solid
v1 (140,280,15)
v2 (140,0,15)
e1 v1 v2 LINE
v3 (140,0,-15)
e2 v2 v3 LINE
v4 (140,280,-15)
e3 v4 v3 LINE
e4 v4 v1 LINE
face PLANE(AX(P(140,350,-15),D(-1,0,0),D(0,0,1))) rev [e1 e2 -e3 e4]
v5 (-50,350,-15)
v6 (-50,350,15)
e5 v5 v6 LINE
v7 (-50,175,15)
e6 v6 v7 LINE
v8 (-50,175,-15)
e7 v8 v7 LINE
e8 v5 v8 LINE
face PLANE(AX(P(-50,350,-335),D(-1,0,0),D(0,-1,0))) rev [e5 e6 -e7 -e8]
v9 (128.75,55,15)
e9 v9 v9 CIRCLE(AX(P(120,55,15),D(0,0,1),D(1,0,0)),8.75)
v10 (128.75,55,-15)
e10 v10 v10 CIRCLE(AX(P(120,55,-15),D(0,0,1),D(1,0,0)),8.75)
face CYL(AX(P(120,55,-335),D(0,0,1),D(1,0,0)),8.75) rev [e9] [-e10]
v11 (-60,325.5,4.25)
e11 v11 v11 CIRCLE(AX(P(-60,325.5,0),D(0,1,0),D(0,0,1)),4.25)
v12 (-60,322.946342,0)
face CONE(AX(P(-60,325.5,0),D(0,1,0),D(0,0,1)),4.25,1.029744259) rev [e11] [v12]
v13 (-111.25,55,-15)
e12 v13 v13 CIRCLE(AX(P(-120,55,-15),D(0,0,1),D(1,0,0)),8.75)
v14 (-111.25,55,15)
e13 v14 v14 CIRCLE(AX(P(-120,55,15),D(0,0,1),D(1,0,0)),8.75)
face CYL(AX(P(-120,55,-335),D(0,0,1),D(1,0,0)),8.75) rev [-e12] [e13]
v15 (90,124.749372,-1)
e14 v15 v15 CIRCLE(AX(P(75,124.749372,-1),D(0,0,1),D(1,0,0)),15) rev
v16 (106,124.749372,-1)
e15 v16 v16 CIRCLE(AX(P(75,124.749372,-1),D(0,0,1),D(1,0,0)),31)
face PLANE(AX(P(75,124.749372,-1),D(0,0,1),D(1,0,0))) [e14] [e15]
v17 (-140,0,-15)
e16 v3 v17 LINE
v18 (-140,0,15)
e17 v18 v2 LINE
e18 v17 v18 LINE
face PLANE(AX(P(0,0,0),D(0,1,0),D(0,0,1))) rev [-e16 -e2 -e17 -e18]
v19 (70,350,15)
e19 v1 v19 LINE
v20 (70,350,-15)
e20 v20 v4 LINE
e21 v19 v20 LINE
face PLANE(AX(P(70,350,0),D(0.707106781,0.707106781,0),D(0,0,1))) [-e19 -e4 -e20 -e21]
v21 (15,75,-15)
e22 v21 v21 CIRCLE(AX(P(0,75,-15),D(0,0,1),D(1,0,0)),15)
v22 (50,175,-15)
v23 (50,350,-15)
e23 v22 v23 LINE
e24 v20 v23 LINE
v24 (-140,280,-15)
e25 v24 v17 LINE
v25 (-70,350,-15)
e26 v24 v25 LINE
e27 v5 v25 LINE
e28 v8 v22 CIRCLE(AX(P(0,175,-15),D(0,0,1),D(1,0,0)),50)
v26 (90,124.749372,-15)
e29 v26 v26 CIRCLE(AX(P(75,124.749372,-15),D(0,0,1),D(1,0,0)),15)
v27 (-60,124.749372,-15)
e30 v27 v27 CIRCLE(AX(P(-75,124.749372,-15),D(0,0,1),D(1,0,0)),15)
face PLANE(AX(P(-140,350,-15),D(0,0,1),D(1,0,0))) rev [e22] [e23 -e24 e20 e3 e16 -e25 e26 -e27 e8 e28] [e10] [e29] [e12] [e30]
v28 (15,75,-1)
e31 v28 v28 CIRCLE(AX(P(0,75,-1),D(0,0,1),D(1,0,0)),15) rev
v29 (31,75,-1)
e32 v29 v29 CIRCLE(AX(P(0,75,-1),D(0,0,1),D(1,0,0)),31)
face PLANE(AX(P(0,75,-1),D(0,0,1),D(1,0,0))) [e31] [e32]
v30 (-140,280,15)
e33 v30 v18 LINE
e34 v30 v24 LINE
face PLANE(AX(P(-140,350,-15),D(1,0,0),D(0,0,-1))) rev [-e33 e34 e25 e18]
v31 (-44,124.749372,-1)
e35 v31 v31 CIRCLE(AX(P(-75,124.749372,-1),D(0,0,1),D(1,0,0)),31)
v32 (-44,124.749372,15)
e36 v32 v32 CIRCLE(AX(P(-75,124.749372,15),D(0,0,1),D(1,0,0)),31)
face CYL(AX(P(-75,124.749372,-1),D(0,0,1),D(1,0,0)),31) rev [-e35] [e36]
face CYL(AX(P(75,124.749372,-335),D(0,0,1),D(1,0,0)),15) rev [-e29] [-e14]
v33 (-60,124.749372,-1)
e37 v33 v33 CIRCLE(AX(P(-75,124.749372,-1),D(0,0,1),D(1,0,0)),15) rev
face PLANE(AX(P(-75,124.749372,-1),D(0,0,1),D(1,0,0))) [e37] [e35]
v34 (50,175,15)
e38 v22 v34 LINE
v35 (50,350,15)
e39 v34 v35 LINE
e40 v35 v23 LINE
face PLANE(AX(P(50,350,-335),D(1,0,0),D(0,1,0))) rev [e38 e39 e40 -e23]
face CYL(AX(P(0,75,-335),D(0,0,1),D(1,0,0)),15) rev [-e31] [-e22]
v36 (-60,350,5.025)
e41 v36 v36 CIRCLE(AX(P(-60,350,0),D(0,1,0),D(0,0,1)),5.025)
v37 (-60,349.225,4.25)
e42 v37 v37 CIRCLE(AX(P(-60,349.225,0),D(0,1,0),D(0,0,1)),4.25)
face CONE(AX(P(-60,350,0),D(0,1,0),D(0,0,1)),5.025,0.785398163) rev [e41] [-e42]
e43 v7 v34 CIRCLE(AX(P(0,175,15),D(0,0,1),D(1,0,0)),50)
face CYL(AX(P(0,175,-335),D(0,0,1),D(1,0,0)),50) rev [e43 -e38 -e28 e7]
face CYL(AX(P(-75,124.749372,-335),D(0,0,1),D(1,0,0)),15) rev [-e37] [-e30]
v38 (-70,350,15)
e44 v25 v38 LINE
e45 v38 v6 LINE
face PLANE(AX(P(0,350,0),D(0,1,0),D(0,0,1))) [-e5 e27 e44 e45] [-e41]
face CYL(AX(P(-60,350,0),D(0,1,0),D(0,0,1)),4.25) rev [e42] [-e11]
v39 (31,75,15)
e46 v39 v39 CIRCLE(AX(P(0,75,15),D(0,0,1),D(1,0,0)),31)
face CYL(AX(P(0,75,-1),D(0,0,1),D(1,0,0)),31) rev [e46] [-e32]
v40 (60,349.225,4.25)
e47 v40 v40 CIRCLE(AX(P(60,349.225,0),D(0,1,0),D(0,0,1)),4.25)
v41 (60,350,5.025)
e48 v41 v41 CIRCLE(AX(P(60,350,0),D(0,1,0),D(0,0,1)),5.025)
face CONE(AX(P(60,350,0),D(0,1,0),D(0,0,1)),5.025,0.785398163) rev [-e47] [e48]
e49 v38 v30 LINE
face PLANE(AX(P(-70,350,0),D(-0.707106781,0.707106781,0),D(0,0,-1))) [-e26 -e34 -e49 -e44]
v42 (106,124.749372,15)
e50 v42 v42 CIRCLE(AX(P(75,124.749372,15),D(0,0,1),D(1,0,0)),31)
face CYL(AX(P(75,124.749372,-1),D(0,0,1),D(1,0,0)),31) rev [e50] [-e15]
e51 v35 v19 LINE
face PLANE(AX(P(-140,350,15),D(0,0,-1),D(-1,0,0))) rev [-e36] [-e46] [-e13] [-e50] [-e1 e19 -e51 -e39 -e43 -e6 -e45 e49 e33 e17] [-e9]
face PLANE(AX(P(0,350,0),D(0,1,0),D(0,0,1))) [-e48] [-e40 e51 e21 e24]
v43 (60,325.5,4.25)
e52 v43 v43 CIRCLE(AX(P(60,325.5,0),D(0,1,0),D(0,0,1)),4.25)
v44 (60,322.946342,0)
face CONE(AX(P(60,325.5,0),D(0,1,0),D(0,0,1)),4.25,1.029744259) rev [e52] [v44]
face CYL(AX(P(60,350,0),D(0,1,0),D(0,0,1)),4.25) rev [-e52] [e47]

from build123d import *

# Parameters (mm, degrees)
SKETCH1_W                    = 280
SKETCH1_H                    = 30
BOSS_EXTRUDE1_DEPTH          = 350
CUT_EXTRUDE1_DEPTH           = 350
CHAMFER1_SIZE                = 70
M10_TAPPED_HOLE3_D           = 8.5
M10_TAPPED_HOLE3_DEPTH       = 24.5
M10_TAPPED_HOLE3_CSINK_D     = 10.05
M10_TAPPED_HOLE3_CSINK_ANGLE = 90
M10_TAPPED_HOLE3_TIP         = 2.553657631
SKETCH11_R                   = 8.75
CUT_EXTRUDE3_DEPTH           = 350
SKETCH12_R                   = 15
CUT_EXTRUDE4_DEPTH           = 350
SKETCH13_R                   = 31
CUT_EXTRUDE5_DEPTH           = 16


with BuildPart() as part:
    # Sketch1 → Boss-Extrude1 (new body)
    with BuildSketch(Plane(origin=(0, 0, 0), x_dir=(1, 0, 0), z_dir=(0, 1, 0))):
        Rectangle(SKETCH1_W, SKETCH1_H)
    extrude(amount=BOSS_EXTRUDE1_DEPTH)

    # Sketch2 → Cut-Extrude1 (cut)
    with BuildSketch(Plane.XY.offset(15)):
        with BuildLine():
            Line((50, 350), (50, 175))
            ThreePointArc((50, 175), (0, 125), (-50, 175))
            Line((-50, 175), (-50, 350))
            ThreePointArc((-50, 350), (0, 400), (50, 350))
        make_face()
    extrude(amount=-CUT_EXTRUDE1_DEPTH, mode=Mode.SUBTRACT)

    # Chamfer1
    chamfer1_edges = [part.edges().sort_by_distance(p)[0] for p in [
        (-140, 350, 0),
        (140, 350, 0),
    ]]
    chamfer(chamfer1_edges, length=CHAMFER1_SIZE)

    # M10 Tapped Hole3
    with Locations(Plane(origin=(-60, 350, 0), x_dir=(0, 0, 1), z_dir=(0, 1, 0))):
        with Locations((0, 0), (0, 120)):
            CounterSinkHole(M10_TAPPED_HOLE3_D / 2, M10_TAPPED_HOLE3_CSINK_D / 2, depth=M10_TAPPED_HOLE3_DEPTH, counter_sink_angle=M10_TAPPED_HOLE3_CSINK_ANGLE)
            with Locations((0, 0, -(M10_TAPPED_HOLE3_DEPTH + M10_TAPPED_HOLE3_TIP / 2))):  # 118° drill point
                Cone(0, M10_TAPPED_HOLE3_D / 2, M10_TAPPED_HOLE3_TIP, mode=Mode.SUBTRACT)

    # Sketch11 → Cut-Extrude3 (cut)
    with BuildSketch(Plane.XY.offset(15)):
        with Locations((-120, 55)):
            Circle(SKETCH11_R)
        with Locations((120, 55)):
            Circle(SKETCH11_R)
    extrude(amount=-CUT_EXTRUDE3_DEPTH, mode=Mode.SUBTRACT)

    # Sketch12 → Cut-Extrude4 (cut)
    with BuildSketch(Plane.XY.offset(15)):
        with Locations((-75, 124.749371855)):
            Circle(SKETCH12_R)
        with Locations((75, 124.749371855)):
            Circle(SKETCH12_R)
        with Locations((0, 75)):
            Circle(SKETCH12_R)
    extrude(amount=-CUT_EXTRUDE4_DEPTH, mode=Mode.SUBTRACT)

    # Sketch13 → Cut-Extrude5 (cut)
    with BuildSketch(Plane.XY.offset(15)):
        with Locations((-75, 124.749371855)):
            Circle(SKETCH13_R)
        with Locations((0, 75)):
            Circle(SKETCH13_R)
        with Locations((75, 124.749371855)):
            Circle(SKETCH13_R)
    extrude(amount=-CUT_EXTRUDE5_DEPTH, mode=Mode.SUBTRACT)


solid = part.part
